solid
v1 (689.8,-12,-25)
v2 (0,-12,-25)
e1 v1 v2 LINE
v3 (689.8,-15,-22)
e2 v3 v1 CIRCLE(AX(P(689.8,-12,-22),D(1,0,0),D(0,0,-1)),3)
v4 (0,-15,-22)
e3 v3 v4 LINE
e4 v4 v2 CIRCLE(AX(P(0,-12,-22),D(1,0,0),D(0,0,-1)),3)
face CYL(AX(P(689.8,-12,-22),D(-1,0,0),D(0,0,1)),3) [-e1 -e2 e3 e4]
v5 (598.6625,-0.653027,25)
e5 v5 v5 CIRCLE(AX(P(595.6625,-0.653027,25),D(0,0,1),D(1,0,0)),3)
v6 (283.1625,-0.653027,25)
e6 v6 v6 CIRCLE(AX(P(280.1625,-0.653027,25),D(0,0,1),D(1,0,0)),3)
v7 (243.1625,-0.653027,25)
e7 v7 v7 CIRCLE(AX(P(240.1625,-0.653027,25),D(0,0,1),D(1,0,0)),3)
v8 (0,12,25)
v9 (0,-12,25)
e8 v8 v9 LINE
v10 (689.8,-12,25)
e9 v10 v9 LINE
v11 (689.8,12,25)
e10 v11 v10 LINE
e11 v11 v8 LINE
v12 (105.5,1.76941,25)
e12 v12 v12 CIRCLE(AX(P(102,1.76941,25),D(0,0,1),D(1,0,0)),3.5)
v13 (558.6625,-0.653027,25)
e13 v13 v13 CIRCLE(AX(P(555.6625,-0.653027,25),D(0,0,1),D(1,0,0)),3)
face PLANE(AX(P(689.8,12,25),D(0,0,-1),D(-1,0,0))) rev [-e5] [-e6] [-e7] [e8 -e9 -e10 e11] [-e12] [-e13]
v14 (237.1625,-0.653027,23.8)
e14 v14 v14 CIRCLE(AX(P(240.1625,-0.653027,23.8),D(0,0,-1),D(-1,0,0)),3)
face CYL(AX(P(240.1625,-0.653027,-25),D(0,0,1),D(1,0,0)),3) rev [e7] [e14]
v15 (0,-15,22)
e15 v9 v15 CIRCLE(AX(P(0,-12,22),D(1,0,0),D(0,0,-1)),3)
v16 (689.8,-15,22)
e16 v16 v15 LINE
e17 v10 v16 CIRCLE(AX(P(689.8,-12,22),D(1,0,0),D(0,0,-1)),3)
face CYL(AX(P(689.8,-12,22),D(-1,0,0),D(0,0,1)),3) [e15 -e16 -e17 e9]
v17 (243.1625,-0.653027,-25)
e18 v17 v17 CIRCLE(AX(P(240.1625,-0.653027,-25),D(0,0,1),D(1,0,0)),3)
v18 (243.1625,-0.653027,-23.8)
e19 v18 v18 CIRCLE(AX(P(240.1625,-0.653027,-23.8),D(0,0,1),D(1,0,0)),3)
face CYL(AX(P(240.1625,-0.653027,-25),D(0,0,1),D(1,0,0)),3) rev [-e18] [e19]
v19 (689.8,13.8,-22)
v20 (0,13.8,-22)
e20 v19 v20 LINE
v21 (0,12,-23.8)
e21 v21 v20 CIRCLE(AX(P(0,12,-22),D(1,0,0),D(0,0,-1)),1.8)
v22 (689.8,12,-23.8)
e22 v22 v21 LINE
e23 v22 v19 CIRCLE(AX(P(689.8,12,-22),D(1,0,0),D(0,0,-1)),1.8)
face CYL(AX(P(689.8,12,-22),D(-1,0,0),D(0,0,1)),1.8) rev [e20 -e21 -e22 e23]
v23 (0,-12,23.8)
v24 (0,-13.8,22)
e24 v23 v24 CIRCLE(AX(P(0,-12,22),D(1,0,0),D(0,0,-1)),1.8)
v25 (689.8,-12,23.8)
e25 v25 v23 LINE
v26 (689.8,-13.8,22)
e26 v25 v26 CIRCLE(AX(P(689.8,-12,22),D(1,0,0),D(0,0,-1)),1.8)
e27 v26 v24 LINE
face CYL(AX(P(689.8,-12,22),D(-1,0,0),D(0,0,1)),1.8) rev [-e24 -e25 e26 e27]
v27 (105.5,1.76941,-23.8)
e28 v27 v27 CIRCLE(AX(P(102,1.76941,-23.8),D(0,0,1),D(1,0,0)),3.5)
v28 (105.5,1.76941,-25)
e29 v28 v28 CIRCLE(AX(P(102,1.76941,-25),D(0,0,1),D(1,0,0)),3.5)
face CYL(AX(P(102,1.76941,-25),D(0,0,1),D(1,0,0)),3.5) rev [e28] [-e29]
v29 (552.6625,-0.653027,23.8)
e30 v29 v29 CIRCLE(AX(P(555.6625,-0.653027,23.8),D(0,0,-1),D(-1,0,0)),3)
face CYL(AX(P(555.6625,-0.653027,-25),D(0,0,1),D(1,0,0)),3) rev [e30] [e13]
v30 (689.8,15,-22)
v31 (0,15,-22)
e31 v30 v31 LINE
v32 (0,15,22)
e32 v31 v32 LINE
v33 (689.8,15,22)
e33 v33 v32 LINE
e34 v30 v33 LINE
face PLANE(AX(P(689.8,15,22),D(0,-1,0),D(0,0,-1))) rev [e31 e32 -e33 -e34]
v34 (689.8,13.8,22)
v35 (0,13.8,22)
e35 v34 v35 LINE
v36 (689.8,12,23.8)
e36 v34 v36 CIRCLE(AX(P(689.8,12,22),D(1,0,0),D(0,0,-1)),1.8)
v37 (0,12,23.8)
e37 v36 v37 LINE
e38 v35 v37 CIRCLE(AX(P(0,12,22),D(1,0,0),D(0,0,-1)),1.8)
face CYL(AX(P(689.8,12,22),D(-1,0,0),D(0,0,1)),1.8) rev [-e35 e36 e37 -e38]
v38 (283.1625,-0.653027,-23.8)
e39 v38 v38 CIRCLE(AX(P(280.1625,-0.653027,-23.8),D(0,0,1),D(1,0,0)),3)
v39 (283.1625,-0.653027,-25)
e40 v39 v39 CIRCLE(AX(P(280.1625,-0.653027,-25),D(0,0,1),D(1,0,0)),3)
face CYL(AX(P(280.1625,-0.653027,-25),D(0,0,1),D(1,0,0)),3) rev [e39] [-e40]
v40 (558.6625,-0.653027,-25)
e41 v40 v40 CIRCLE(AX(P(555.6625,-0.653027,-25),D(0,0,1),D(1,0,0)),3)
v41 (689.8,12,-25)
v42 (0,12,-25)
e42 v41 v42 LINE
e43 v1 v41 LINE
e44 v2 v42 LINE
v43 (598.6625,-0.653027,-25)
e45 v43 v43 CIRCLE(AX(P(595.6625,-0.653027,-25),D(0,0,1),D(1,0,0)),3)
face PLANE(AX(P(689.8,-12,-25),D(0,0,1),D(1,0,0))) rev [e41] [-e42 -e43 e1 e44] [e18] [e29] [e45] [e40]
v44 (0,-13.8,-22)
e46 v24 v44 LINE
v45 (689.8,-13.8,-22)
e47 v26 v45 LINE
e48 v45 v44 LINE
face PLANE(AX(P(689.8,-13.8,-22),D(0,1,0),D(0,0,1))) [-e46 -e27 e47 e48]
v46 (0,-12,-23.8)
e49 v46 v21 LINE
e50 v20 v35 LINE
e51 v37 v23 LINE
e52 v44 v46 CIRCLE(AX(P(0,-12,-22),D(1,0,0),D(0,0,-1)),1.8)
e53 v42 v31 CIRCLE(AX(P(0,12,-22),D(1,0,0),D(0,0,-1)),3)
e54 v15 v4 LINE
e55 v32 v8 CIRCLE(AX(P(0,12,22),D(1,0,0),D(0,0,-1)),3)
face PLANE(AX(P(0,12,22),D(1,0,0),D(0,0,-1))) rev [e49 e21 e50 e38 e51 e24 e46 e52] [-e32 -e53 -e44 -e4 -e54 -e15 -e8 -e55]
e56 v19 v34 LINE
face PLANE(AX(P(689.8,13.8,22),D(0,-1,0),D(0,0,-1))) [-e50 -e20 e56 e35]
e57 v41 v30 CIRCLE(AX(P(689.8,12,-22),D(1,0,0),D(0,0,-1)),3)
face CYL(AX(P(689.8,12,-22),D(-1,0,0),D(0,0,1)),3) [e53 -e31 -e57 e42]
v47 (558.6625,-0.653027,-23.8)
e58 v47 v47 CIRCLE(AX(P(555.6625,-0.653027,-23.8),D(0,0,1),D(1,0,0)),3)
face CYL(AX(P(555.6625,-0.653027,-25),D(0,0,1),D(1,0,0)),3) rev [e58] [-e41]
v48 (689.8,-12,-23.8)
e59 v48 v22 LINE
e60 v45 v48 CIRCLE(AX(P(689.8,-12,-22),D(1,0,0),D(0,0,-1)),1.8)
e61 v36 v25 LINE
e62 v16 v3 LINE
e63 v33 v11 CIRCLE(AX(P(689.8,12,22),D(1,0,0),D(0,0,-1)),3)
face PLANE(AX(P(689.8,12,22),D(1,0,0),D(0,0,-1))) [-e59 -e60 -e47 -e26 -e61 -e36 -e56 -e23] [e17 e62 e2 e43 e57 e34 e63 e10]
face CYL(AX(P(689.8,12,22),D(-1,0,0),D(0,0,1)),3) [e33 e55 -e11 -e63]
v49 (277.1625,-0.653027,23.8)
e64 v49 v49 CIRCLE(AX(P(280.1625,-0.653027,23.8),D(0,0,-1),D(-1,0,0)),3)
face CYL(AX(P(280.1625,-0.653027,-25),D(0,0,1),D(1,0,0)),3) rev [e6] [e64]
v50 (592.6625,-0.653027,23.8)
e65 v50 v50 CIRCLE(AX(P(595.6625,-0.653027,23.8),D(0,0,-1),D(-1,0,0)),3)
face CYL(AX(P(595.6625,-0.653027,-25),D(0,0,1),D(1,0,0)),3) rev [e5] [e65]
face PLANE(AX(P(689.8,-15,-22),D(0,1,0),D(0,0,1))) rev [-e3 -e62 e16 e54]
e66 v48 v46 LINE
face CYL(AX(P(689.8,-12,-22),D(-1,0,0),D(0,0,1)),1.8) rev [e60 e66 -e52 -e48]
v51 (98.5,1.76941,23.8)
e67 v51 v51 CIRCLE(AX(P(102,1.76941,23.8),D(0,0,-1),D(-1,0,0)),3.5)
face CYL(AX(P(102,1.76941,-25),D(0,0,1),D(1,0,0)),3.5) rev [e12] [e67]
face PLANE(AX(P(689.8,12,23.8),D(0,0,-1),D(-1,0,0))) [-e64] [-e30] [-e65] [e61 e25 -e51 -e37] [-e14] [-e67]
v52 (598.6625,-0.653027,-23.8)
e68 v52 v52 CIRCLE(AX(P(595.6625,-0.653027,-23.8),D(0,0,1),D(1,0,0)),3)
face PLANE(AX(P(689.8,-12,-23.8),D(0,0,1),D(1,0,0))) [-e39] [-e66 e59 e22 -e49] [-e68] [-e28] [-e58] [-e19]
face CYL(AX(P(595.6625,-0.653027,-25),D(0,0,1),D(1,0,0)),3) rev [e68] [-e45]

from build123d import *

# Parameters (mm, degrees)
TUBO_RETANGULAR_50_X_30_X_2_6_1_DEPTH = 689.8
ESBO_O5_R                             = 3
CORTE_EXTRUS_O4_DEPTH                 = 692.772390313
ESBO_O6_R                             = 3.5
CORTE_EXTRUS_O5_DEPTH                 = 692.772390313


with BuildPart() as part:
    # Sketch1 → Tubo retangular 50 X 30 X 2.6(1) (new body)
    with BuildSketch(Plane.YZ):
        with BuildLine():
            Line((-12, -25), (12, -25))
            ThreePointArc((12, -25), (14.121320344, -24.121320344), (15, -22))
            Line((15, -22), (15, 22))
            ThreePointArc((15, 22), (14.121320344, 24.121320344), (12, 25))
            Line((12, 25), (-12, 25))
            ThreePointArc((-12, 25), (-14.121320344, 24.121320344), (-15, 22))
            Line((-15, 22), (-15, -22))
            ThreePointArc((-15, -22), (-14.121320344, -24.121320344), (-12, -25))
        make_face()
        with BuildLine():
            Line((-12, -23.8), (12, -23.8))
            ThreePointArc((12, -23.8), (13.272792206, -23.272792206), (13.8, -22))
            Line((13.8, -22), (13.8, 22))
            ThreePointArc((13.8, 22), (13.272792206, 23.272792206), (12, 23.8))
            Line((12, 23.8), (-12, 23.8))
            ThreePointArc((-12, 23.8), (-13.272792206, 23.272792206), (-13.8, 22))
            Line((-13.8, 22), (-13.8, -22))
            ThreePointArc((-13.8, -22), (-13.272792206, -23.272792206), (-12, -23.8))
        make_face(mode=Mode.SUBTRACT)
    extrude(amount=TUBO_RETANGULAR_50_X_30_X_2_6_1_DEPTH)

    # Esboço5 → Corte-extrusão4 (cut, through all)
    with BuildSketch(Plane.XY.offset(25)):
        with Locations((280.1625, -0.6530272)):
            Circle(ESBO_O5_R)
        with Locations((240.1625, -0.6530272)):
            Circle(ESBO_O5_R)
        with Locations((595.6625, -0.6530272)):
            Circle(ESBO_O5_R)
        with Locations((555.6625, -0.6530272)):
            Circle(ESBO_O5_R)
    extrude(amount=-CORTE_EXTRUS_O4_DEPTH, mode=Mode.SUBTRACT)

    # Esboço6 → Corte-extrusão5 (cut, through all)
    with BuildSketch(Plane.XY.offset(25)):
        with Locations((102, 1.769410095)):
            Circle(ESBO_O6_R)
    extrude(amount=-CORTE_EXTRUS_O5_DEPTH, mode=Mode.SUBTRACT)


solid = part.part
